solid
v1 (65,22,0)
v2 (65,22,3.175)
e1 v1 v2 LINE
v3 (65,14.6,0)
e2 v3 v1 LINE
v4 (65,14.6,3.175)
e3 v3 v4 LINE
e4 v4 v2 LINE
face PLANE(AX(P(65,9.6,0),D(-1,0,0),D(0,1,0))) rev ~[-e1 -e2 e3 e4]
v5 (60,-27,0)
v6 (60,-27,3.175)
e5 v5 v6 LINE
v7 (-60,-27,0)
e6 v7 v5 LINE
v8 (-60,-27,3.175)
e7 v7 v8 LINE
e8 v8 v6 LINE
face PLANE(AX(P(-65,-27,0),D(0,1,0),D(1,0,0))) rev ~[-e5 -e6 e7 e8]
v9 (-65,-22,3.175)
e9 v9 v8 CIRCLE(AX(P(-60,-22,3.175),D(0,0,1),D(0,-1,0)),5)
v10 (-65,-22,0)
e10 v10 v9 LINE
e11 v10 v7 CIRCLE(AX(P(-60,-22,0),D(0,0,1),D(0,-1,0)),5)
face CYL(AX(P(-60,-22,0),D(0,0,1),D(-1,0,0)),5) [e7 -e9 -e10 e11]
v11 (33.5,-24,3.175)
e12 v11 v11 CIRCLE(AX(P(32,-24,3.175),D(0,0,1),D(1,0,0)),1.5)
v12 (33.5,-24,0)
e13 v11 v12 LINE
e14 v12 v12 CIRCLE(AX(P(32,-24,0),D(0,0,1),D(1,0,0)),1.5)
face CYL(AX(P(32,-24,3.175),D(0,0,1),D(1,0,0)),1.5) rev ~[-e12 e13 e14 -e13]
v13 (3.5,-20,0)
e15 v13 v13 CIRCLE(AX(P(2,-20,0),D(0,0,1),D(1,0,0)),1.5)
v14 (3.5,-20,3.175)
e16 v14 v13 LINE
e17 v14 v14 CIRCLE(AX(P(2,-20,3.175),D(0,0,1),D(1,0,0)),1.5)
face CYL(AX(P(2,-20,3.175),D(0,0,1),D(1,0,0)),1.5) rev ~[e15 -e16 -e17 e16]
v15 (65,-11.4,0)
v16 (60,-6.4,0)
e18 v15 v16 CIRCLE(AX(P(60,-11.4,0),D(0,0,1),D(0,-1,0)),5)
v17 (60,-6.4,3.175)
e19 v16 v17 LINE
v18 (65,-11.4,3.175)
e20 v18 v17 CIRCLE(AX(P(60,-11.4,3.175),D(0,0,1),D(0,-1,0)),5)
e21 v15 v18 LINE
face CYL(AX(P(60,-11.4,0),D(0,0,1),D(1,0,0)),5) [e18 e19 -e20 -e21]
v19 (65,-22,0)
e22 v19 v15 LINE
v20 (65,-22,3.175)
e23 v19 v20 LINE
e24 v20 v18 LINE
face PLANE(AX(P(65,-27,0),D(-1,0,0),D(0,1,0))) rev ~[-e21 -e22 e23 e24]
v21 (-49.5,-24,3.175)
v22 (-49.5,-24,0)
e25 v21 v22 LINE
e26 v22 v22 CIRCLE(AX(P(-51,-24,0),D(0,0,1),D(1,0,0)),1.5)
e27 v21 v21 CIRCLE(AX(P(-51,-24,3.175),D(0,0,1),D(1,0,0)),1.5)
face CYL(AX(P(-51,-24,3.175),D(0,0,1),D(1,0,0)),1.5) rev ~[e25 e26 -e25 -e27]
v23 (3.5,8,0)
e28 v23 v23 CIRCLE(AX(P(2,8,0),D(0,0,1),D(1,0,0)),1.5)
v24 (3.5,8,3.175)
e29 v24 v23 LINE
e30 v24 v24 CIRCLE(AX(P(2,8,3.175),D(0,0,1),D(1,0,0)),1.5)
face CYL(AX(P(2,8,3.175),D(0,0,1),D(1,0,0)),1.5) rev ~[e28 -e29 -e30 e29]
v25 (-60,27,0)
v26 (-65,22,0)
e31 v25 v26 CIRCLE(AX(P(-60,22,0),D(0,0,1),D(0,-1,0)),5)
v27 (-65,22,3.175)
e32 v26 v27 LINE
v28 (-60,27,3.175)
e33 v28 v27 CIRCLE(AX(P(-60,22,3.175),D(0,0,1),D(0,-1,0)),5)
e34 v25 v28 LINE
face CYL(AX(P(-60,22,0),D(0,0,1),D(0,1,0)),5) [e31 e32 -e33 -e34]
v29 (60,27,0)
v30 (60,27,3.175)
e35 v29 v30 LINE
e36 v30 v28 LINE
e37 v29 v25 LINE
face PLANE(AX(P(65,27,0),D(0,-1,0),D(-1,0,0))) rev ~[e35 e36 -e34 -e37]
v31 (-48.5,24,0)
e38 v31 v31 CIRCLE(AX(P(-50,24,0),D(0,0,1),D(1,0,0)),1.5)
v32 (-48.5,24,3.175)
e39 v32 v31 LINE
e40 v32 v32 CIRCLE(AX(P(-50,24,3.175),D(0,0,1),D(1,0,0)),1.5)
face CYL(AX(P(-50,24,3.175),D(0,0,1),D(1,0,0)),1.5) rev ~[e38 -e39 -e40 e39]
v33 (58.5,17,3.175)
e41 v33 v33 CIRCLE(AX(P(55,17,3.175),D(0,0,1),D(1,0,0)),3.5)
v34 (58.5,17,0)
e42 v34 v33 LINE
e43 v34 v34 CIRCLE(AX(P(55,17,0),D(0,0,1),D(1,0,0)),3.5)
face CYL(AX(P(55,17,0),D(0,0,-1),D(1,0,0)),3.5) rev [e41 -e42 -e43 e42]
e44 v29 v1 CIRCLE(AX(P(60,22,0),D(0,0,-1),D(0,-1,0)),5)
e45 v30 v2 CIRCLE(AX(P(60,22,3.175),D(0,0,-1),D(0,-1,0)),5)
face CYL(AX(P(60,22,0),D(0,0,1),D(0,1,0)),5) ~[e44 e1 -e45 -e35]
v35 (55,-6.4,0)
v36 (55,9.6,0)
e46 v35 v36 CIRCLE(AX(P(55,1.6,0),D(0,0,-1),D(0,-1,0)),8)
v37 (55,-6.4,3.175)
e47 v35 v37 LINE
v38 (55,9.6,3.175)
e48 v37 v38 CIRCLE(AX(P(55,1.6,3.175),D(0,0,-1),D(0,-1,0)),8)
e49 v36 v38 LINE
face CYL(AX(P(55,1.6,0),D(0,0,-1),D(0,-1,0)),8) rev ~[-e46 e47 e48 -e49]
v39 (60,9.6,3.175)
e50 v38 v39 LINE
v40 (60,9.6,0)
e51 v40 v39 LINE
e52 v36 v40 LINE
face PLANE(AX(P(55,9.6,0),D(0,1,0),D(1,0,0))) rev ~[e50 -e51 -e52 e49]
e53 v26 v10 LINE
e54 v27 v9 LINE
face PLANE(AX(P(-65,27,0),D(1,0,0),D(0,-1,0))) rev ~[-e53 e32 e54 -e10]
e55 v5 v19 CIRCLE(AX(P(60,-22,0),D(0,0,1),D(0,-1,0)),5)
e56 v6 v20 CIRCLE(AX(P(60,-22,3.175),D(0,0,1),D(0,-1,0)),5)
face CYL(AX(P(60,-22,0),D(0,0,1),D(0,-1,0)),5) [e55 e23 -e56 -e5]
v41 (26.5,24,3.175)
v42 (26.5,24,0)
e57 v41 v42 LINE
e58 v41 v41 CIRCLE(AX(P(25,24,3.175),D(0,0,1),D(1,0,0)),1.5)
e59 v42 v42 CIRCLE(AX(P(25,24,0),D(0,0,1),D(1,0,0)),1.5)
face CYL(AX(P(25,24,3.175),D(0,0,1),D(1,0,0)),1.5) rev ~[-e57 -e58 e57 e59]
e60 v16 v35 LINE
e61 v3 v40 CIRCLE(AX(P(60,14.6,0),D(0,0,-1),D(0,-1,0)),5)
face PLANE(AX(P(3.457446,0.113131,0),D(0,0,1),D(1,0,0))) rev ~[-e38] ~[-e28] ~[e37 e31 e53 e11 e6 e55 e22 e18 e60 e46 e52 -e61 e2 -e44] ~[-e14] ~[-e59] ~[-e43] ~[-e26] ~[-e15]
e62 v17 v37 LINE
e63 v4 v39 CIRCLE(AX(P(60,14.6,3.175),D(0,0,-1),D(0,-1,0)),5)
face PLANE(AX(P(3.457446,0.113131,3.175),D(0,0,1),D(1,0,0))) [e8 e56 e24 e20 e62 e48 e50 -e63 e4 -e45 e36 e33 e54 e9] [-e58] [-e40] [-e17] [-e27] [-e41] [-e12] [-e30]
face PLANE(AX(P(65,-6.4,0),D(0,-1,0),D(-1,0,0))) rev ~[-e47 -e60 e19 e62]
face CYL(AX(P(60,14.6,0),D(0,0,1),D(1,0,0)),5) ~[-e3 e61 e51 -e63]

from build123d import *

# Parameters (mm, degrees)
F0_R     = 3.5
F1_DEPTH = 3.175
F3_R     = 5
F2_R     = 1.5
F4_DEPTH = 25


with BuildPart() as f1:
    # F0 (on Top) → F1 (new body)
    with BuildSketch(Plane.XY):
        with BuildLine():
            Line((65, 27), (-65, 27))
            Line((-65, 27), (-65, -27))
            Line((-65, -27), (65, -27))
            Line((65, -27), (65, -6.4))
            Line((65, -6.4), (55, -6.4))
            ThreePointArc((55, -6.4), (47, 1.6), (55, 9.6))
            Line((55, 9.6), (65, 9.6))
            Line((65, 9.6), (65, 27))
        make_face()
        with Locations((55, 17)):
            Circle(F0_R, mode=Mode.SUBTRACT)
    extrude(amount=F1_DEPTH)

    # F3
    f3_edges = [f1.edges().sort_by_distance(p)[0] for p in [
        (-65, -27, 1.5875),
        (-65, 27, 1.5875),
        (65, -27, 1.5875),
        (65, -6.4, 1.5875),
        (65, 9.6, 1.5875),
        (65, 27, 1.5875),
    ]]
    fillet(f3_edges, radius=F3_R)

    # F2 (on face) → F4 (cut)
    with BuildSketch(Plane.XY.offset(3.175)):
        with Locations((25, 24)):
            Circle(F2_R)
        with Locations((2, 8)):
            Circle(F2_R)
        with Locations((32, -24)):
            Circle(F2_R)
        with Locations((2, -20)):
            Circle(F2_R)
        with Locations((-50, 24)):
            Circle(F2_R)
        with Locations((-51, -24)):
            Circle(F2_R)
    extrude(amount=-F4_DEPTH, mode=Mode.SUBTRACT)


solid = f1.part
